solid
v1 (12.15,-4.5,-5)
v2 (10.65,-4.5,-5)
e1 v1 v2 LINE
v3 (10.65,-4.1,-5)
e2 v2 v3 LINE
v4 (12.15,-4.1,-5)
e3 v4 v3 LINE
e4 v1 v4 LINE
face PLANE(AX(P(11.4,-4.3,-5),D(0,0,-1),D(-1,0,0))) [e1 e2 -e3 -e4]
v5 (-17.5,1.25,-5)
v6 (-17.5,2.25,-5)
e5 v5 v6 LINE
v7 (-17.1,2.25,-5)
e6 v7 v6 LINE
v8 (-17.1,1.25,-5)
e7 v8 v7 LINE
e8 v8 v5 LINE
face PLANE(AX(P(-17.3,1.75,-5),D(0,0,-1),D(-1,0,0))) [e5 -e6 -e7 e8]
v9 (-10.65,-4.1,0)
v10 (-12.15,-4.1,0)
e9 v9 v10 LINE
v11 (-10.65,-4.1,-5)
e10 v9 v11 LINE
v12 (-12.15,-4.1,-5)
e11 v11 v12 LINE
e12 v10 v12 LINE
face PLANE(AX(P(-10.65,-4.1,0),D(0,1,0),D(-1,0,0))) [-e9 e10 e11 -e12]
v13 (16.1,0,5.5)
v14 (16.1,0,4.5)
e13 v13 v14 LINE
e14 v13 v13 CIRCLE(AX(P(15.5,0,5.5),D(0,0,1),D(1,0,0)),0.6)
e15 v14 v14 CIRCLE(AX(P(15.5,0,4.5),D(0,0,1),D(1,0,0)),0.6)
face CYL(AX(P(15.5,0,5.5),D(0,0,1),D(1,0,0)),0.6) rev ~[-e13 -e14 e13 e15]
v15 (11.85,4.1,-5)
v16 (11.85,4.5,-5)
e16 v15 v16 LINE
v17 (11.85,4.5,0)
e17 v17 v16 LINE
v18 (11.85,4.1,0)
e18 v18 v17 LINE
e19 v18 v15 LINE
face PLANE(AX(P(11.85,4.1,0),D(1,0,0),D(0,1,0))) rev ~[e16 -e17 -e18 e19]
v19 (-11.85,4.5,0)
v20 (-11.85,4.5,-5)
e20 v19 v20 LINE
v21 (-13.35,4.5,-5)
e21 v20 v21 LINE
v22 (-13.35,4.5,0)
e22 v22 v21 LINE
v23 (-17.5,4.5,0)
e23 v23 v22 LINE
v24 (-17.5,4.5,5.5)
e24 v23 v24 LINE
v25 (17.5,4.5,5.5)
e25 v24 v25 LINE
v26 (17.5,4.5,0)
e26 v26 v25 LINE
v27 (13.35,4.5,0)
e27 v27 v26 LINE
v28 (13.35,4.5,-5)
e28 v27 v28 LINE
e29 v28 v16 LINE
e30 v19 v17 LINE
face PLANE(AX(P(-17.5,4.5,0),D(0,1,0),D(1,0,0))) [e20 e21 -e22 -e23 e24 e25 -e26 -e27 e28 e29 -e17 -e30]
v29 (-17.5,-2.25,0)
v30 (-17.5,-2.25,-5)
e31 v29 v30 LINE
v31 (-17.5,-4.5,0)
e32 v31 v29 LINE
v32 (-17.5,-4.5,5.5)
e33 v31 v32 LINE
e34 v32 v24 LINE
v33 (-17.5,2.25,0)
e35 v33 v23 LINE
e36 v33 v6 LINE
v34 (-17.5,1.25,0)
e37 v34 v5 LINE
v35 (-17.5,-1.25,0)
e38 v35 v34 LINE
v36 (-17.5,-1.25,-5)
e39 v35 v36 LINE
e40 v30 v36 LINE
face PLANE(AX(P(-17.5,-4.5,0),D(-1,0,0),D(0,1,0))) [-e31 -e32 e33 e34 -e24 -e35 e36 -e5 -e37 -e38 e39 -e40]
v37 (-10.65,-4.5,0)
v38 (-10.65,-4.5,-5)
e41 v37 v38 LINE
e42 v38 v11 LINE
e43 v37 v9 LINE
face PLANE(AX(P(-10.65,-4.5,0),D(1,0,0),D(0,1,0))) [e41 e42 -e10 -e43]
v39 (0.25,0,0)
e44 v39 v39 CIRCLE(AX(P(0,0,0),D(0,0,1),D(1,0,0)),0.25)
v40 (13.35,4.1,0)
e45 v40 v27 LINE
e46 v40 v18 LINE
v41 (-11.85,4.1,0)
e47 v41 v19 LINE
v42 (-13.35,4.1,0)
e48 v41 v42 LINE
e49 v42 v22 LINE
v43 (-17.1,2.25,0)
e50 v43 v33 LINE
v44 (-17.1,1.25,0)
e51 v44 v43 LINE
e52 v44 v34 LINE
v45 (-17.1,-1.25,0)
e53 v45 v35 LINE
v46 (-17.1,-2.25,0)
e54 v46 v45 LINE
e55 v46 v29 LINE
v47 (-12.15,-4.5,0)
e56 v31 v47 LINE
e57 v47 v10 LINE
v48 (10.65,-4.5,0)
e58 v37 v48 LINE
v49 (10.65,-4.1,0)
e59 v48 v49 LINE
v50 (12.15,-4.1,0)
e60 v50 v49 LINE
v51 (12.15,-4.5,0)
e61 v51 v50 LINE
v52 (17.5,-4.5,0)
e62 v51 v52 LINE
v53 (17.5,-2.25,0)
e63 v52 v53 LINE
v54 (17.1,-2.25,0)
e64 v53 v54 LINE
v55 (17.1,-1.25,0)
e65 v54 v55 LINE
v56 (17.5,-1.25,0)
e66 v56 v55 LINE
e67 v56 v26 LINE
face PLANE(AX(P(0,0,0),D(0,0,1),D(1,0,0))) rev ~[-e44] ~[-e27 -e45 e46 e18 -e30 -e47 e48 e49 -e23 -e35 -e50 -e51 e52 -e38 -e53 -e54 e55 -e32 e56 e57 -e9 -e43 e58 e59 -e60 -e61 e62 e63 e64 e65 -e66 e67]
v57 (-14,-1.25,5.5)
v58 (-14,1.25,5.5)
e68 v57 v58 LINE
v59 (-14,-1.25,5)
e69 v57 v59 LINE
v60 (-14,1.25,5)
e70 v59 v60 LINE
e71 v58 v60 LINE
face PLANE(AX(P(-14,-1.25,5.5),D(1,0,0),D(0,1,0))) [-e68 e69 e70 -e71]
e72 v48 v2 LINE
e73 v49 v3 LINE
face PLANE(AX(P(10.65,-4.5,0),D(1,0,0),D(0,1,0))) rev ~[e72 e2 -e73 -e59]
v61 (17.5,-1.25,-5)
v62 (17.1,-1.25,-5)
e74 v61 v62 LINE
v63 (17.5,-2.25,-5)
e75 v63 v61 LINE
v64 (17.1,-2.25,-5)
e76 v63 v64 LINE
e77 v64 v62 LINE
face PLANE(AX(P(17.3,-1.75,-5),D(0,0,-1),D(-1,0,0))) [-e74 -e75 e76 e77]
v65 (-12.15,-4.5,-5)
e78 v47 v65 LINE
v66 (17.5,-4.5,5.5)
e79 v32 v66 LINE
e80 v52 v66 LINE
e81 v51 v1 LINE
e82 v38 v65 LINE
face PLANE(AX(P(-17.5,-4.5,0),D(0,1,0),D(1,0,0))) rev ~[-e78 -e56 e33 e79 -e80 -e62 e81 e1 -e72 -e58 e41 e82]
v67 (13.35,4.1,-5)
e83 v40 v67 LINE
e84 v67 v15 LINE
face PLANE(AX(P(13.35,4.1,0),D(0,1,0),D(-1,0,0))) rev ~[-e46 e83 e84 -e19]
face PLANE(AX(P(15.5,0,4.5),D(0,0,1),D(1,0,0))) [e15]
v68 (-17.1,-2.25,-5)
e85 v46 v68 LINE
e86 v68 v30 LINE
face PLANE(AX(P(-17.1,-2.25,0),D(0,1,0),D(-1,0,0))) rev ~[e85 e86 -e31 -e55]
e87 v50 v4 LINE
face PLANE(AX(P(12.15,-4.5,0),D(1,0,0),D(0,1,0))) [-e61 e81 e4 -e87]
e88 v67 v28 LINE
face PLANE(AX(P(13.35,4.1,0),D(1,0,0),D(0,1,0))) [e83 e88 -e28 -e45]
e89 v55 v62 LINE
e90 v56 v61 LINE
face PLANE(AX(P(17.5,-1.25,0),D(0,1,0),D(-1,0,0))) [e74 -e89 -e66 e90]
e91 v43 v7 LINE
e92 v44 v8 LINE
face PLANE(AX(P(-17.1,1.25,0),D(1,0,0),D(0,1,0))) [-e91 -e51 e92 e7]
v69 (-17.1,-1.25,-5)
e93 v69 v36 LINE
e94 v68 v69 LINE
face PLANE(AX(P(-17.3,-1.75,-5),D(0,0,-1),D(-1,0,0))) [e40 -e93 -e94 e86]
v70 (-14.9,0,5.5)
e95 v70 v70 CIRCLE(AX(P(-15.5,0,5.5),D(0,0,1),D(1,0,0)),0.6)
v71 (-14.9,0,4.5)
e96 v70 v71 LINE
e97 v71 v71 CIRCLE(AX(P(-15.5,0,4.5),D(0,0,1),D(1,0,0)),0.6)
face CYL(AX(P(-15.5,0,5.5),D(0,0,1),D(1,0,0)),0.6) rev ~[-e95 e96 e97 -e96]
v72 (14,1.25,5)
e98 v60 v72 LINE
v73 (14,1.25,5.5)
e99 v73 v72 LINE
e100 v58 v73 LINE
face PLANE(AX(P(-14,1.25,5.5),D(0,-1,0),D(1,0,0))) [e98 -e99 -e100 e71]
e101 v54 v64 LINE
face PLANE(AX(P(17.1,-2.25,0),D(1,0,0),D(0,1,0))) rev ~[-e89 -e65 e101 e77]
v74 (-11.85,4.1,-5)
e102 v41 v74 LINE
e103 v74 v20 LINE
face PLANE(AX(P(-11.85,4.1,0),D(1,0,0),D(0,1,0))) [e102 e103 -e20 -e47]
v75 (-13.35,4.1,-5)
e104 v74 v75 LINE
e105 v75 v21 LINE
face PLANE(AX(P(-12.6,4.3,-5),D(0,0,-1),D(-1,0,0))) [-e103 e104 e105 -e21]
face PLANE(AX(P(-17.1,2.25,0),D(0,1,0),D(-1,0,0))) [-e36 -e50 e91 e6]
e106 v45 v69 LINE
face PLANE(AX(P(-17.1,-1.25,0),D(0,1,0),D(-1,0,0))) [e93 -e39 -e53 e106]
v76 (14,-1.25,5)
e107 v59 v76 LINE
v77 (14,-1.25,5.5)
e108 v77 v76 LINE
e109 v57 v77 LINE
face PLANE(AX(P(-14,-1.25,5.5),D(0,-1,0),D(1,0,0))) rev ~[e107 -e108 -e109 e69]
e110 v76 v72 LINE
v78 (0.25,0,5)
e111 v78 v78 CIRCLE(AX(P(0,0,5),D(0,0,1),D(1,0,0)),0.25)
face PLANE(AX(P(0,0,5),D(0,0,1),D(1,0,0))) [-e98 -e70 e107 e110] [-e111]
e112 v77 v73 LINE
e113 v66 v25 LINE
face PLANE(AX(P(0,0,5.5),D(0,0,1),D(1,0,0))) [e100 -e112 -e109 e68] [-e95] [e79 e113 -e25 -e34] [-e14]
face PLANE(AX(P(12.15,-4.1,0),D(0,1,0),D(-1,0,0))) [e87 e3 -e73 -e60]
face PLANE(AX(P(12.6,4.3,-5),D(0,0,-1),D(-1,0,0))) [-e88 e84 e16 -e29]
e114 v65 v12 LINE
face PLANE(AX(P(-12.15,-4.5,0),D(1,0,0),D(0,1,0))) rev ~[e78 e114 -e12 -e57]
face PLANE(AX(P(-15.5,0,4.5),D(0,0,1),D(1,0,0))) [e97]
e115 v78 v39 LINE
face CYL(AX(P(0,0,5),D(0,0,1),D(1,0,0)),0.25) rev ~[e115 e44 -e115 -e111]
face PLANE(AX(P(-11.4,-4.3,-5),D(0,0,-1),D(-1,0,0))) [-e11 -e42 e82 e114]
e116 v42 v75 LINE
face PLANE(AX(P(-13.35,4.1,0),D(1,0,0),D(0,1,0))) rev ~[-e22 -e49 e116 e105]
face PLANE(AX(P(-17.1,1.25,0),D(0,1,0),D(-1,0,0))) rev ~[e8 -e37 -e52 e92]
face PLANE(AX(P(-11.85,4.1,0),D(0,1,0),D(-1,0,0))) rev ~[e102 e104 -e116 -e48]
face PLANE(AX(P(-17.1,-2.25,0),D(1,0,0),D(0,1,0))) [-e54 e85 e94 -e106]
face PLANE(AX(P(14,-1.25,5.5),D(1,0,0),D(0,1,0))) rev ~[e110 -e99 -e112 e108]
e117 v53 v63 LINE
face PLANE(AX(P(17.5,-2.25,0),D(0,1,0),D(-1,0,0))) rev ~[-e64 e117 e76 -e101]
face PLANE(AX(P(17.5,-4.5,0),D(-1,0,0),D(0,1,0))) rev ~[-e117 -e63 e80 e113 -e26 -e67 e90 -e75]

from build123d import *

# Parameters (mm, degrees)
BODY_2_W                        = 35
BODY_2_H                        = 9
BODY_DEPTH                      = 5.5
HOLES_2_R                       = 0.6
HOLES_DEPTH                     = 1
CHANNEL_2_W                     = 28
CHANNEL_2_H                     = 2.5
CHANNEL_DEPTH                   = 0.5
CONNECTION_PINS_2_W             = 1.5
CONNECTION_PINS_2_H             = 0.4
CONNECTION_PINS_2_W_2           = 0.4
CONNECTION_PINS_2_H_2           = 1
CONNECTION_PINS_DEPTH           = 5
SKIZZE1_R                       = 0.25
SCHNITT_LINEAR_AUSTRAGEN1_DEPTH = 11


with BuildPart() as part:
    # body 2 → body (new body)
    with BuildSketch(Plane.XY):
        Rectangle(BODY_2_W, BODY_2_H)
    extrude(amount=BODY_DEPTH)

    # holes 2 → holes (cut)
    with BuildSketch(Plane.XY.offset(5.5)):
        with Locations((-15.5, 0)):
            Circle(HOLES_2_R)
        with Locations((15.5, 0)):
            Circle(HOLES_2_R)
    extrude(amount=-HOLES_DEPTH, mode=Mode.SUBTRACT)

    # channel 2 → channel (cut)
    with BuildSketch(Plane.XY.offset(5.5)):
        Rectangle(CHANNEL_2_W, CHANNEL_2_H)
    extrude(amount=-CHANNEL_DEPTH, mode=Mode.SUBTRACT)

    # connection pins 2 → connection pins (add)
    with BuildSketch(Plane(origin=(0, 0, 0), x_dir=(-1, 0, 0), z_dir=(0, 0, -1))):
        with Locations((-12.6, 4.3)):
            Rectangle(CONNECTION_PINS_2_W, CONNECTION_PINS_2_H)
        with Locations((12.6, 4.3)):
            Rectangle(CONNECTION_PINS_2_W, CONNECTION_PINS_2_H)
        with Locations((-11.4, -4.3)):
            Rectangle(CONNECTION_PINS_2_W, CONNECTION_PINS_2_H)
        with Locations((-17.3, -1.75)):
            Rectangle(CONNECTION_PINS_2_W_2, CONNECTION_PINS_2_H_2)
        with Locations((11.4, -4.3)):
            Rectangle(CONNECTION_PINS_2_W, CONNECTION_PINS_2_H)
        with Locations((17.3, 1.75)):
            Rectangle(CONNECTION_PINS_2_W_2, CONNECTION_PINS_2_H_2)
        with Locations((17.3, -1.75)):
            Rectangle(CONNECTION_PINS_2_W_2, CONNECTION_PINS_2_H_2)
    extrude(amount=CONNECTION_PINS_DEPTH)

    # Skizze1 → Schnitt-Linear austragen1 (cut, through all)
    with BuildSketch(Plane.XY.offset(5)):
        Circle(SKIZZE1_R)
    extrude(amount=-SCHNITT_LINEAR_AUSTRAGEN1_DEPTH, mode=Mode.SUBTRACT)


solid = part.part
